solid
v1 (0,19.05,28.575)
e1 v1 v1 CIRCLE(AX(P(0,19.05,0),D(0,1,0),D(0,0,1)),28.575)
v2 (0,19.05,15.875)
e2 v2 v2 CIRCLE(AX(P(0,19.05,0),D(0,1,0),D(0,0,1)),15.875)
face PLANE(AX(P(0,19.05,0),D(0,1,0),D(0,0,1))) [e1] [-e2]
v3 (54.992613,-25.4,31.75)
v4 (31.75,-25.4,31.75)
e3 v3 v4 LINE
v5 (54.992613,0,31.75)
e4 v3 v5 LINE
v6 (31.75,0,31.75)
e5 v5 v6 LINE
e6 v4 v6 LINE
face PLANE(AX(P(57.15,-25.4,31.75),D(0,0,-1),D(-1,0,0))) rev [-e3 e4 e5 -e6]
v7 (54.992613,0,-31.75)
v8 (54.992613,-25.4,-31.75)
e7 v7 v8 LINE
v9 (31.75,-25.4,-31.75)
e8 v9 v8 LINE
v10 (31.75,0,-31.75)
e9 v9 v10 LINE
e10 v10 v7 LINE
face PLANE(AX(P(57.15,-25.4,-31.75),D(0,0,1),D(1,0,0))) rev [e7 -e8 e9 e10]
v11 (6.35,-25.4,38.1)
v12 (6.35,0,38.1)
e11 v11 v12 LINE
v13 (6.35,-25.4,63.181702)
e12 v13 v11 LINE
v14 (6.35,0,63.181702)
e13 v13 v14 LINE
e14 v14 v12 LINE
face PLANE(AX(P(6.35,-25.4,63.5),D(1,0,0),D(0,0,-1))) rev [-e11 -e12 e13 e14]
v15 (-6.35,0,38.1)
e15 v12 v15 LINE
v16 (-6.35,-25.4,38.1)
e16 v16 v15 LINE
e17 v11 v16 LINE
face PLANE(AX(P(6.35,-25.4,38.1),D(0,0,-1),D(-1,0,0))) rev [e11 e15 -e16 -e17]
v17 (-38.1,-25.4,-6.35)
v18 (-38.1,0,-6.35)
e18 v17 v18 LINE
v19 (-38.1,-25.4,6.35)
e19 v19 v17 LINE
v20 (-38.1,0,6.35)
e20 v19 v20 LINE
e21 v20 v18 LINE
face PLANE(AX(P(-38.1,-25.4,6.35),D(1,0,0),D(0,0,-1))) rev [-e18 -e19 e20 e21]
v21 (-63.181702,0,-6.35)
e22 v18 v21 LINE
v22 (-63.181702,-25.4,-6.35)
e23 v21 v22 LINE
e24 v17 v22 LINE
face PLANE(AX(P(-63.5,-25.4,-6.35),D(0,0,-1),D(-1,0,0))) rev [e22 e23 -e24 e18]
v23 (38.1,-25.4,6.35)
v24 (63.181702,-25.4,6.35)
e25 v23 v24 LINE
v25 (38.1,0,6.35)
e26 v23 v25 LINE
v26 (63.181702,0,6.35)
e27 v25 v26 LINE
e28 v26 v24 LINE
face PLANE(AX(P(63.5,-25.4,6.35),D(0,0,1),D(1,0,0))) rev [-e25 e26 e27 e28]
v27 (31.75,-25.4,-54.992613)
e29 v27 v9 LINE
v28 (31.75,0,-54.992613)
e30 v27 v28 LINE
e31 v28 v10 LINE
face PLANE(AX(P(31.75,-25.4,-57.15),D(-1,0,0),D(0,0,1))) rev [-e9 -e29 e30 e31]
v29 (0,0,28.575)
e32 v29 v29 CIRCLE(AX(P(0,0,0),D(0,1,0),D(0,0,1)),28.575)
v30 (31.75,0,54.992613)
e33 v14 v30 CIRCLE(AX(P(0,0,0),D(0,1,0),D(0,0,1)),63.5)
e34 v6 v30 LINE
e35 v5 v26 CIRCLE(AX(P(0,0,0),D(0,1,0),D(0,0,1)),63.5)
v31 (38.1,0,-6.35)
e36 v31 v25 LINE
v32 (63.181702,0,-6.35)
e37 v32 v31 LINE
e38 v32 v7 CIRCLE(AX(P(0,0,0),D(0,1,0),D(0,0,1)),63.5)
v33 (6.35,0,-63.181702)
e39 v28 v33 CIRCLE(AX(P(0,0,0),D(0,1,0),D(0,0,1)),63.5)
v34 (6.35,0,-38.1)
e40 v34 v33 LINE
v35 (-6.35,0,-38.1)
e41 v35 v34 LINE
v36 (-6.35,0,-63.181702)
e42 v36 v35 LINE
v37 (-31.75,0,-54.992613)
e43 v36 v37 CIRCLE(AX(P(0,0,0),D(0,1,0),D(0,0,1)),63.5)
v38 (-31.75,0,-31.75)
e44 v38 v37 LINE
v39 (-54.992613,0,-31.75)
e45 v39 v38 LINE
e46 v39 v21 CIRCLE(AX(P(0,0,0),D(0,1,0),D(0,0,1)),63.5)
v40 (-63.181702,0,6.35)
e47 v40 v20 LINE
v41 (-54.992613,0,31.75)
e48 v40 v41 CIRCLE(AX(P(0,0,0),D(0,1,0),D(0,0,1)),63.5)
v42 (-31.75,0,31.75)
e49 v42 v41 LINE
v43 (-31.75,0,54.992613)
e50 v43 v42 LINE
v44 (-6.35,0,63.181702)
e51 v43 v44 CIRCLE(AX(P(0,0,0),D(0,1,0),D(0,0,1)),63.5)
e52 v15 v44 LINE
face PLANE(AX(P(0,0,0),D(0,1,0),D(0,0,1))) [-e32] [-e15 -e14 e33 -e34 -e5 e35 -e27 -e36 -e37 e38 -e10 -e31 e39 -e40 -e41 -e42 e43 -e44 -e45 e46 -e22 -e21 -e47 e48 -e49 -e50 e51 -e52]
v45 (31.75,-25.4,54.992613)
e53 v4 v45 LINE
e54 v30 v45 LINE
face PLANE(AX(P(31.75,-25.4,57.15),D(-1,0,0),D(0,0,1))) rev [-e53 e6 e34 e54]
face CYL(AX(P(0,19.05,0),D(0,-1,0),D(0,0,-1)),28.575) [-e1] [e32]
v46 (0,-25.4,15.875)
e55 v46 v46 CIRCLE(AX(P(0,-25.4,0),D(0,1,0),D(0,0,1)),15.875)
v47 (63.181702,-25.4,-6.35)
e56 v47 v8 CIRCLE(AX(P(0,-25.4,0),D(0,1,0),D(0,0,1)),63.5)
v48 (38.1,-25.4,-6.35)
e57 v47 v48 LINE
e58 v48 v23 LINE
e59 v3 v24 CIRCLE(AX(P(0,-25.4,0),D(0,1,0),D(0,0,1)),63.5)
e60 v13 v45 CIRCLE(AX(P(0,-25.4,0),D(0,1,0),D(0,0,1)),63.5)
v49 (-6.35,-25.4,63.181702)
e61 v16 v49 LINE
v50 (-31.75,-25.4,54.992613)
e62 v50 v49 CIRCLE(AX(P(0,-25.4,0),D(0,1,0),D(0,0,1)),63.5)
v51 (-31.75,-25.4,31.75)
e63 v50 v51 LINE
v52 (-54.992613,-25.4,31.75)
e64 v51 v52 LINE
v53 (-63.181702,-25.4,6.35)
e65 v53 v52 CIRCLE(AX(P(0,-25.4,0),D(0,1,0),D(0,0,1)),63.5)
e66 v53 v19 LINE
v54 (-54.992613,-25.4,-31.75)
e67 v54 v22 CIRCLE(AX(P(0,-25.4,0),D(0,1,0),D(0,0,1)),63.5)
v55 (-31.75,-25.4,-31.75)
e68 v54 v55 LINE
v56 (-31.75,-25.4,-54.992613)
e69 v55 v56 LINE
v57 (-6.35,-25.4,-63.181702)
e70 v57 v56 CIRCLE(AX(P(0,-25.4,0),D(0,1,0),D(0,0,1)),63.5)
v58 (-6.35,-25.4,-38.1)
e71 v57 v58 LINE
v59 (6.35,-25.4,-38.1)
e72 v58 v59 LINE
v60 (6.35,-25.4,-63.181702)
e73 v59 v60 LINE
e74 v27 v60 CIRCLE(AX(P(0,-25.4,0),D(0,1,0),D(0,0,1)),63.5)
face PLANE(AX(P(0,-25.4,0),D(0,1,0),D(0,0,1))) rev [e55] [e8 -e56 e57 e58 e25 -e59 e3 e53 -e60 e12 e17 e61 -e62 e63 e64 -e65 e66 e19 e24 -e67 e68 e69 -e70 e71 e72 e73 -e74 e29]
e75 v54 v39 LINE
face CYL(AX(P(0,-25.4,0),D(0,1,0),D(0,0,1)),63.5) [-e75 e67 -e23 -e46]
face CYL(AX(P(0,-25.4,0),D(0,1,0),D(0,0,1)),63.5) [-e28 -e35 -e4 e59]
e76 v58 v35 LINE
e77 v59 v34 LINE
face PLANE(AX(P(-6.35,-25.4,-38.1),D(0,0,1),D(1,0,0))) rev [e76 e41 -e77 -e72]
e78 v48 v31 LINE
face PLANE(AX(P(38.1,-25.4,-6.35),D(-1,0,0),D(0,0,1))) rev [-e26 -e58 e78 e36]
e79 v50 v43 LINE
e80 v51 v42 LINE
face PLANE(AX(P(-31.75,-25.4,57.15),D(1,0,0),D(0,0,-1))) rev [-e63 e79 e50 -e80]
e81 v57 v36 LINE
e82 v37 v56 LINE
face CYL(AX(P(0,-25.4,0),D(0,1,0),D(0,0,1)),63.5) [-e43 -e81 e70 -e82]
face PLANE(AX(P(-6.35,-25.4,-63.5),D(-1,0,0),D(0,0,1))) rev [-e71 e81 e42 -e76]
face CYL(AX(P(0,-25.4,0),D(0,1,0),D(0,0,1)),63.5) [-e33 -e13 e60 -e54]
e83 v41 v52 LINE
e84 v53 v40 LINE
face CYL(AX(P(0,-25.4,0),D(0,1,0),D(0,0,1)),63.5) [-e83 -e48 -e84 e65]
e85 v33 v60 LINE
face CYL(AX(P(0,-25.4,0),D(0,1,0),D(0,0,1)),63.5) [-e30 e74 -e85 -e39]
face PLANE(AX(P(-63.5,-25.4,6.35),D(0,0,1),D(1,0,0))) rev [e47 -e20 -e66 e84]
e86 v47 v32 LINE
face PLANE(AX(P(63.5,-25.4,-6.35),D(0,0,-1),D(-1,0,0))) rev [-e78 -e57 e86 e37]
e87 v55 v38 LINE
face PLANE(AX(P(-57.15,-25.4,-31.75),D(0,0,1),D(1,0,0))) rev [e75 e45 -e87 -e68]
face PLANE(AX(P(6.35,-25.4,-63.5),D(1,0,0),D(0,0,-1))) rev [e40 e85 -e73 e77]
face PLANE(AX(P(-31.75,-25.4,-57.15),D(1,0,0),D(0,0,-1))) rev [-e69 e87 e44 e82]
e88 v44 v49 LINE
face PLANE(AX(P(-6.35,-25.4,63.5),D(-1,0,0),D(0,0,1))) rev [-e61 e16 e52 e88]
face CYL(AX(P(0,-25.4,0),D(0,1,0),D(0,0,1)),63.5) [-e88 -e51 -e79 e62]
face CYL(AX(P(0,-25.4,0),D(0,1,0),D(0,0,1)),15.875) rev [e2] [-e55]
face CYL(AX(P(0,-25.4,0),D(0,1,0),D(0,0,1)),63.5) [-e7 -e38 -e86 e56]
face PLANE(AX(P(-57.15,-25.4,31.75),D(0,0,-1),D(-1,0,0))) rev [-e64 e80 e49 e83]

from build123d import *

# Parameters (mm, degrees)
SKETCH1_R           = 63.5
BOSS_EXTRUDE1_DEPTH = 25.4
SKETCH2_R           = 28.575
BOSS_EXTRUDE2_DEPTH = 19.05
SKETCH3_W           = 25.4
SKETCH3_H           = 12.7
SKETCH3_W_2         = 12.7
SKETCH3_H_2         = 25.4
CUT_EXTRUDE1_DEPTH  = 26.4
SKETCH4_W           = 25.4
SKETCH4_H           = 25.4
CUT_EXTRUDE2_DEPTH  = 26.4
SKETCH5_R           = 15.875
CUT_EXTRUDE3_DEPTH  = 45.45


with BuildPart() as part:
    # Sketch1 → Boss-Extrude1 (new body)
    with BuildSketch(Plane(origin=(0, 0, 0), x_dir=(1, 0, 0), z_dir=(0, 1, 0))):
        Circle(SKETCH1_R)
    extrude(amount=-BOSS_EXTRUDE1_DEPTH)

    # Sketch2 → Boss-Extrude2 (add)
    with BuildSketch(Plane(origin=(0, 0, 0), x_dir=(1, 0, 0), z_dir=(0, 1, 0))):
        Circle(SKETCH2_R)
    extrude(amount=BOSS_EXTRUDE2_DEPTH)

    # Sketch3 → Cut-Extrude1 (cut, through all)
    with BuildSketch(Plane(origin=(0, 0, 0), x_dir=(1, 0, 0), z_dir=(0, 1, 0))):
        with Locations((50.8, 0)):
            Rectangle(SKETCH3_W, SKETCH3_H)
        with Locations((0, 50.8)):
            Rectangle(SKETCH3_W_2, SKETCH3_H_2)
        with Locations((0, -50.8)):
            Rectangle(SKETCH3_W_2, SKETCH3_H_2)
        with Locations((-50.8, 0)):
            Rectangle(SKETCH3_W, SKETCH3_H)
    extrude(amount=-CUT_EXTRUDE1_DEPTH, mode=Mode.SUBTRACT)

    # Sketch4 → Cut-Extrude2 (cut, through all)
    with BuildSketch(Plane(origin=(0, 0, 0), x_dir=(1, 0, 0), z_dir=(0, 1, 0))):
        with Locations((-44.45, 44.45)):
            Rectangle(SKETCH4_W, SKETCH4_H)
        with Locations((44.45, 44.45)):
            Rectangle(SKETCH4_W, SKETCH4_H)
        with Locations((44.45, -44.45)):
            Rectangle(SKETCH4_W, SKETCH4_H)
        with Locations((-44.45, -44.45)):
            Rectangle(SKETCH4_W, SKETCH4_H)
    extrude(amount=-CUT_EXTRUDE2_DEPTH, mode=Mode.SUBTRACT)

    # Sketch5 → Cut-Extrude3 (cut, through all)
    with BuildSketch(Plane(origin=(0, 19.05, 0), x_dir=(1, 0, 0), z_dir=(0, 1, 0))):
        Circle(SKETCH5_R)
    extrude(amount=-CUT_EXTRUDE3_DEPTH, mode=Mode.SUBTRACT)


solid = part.part
